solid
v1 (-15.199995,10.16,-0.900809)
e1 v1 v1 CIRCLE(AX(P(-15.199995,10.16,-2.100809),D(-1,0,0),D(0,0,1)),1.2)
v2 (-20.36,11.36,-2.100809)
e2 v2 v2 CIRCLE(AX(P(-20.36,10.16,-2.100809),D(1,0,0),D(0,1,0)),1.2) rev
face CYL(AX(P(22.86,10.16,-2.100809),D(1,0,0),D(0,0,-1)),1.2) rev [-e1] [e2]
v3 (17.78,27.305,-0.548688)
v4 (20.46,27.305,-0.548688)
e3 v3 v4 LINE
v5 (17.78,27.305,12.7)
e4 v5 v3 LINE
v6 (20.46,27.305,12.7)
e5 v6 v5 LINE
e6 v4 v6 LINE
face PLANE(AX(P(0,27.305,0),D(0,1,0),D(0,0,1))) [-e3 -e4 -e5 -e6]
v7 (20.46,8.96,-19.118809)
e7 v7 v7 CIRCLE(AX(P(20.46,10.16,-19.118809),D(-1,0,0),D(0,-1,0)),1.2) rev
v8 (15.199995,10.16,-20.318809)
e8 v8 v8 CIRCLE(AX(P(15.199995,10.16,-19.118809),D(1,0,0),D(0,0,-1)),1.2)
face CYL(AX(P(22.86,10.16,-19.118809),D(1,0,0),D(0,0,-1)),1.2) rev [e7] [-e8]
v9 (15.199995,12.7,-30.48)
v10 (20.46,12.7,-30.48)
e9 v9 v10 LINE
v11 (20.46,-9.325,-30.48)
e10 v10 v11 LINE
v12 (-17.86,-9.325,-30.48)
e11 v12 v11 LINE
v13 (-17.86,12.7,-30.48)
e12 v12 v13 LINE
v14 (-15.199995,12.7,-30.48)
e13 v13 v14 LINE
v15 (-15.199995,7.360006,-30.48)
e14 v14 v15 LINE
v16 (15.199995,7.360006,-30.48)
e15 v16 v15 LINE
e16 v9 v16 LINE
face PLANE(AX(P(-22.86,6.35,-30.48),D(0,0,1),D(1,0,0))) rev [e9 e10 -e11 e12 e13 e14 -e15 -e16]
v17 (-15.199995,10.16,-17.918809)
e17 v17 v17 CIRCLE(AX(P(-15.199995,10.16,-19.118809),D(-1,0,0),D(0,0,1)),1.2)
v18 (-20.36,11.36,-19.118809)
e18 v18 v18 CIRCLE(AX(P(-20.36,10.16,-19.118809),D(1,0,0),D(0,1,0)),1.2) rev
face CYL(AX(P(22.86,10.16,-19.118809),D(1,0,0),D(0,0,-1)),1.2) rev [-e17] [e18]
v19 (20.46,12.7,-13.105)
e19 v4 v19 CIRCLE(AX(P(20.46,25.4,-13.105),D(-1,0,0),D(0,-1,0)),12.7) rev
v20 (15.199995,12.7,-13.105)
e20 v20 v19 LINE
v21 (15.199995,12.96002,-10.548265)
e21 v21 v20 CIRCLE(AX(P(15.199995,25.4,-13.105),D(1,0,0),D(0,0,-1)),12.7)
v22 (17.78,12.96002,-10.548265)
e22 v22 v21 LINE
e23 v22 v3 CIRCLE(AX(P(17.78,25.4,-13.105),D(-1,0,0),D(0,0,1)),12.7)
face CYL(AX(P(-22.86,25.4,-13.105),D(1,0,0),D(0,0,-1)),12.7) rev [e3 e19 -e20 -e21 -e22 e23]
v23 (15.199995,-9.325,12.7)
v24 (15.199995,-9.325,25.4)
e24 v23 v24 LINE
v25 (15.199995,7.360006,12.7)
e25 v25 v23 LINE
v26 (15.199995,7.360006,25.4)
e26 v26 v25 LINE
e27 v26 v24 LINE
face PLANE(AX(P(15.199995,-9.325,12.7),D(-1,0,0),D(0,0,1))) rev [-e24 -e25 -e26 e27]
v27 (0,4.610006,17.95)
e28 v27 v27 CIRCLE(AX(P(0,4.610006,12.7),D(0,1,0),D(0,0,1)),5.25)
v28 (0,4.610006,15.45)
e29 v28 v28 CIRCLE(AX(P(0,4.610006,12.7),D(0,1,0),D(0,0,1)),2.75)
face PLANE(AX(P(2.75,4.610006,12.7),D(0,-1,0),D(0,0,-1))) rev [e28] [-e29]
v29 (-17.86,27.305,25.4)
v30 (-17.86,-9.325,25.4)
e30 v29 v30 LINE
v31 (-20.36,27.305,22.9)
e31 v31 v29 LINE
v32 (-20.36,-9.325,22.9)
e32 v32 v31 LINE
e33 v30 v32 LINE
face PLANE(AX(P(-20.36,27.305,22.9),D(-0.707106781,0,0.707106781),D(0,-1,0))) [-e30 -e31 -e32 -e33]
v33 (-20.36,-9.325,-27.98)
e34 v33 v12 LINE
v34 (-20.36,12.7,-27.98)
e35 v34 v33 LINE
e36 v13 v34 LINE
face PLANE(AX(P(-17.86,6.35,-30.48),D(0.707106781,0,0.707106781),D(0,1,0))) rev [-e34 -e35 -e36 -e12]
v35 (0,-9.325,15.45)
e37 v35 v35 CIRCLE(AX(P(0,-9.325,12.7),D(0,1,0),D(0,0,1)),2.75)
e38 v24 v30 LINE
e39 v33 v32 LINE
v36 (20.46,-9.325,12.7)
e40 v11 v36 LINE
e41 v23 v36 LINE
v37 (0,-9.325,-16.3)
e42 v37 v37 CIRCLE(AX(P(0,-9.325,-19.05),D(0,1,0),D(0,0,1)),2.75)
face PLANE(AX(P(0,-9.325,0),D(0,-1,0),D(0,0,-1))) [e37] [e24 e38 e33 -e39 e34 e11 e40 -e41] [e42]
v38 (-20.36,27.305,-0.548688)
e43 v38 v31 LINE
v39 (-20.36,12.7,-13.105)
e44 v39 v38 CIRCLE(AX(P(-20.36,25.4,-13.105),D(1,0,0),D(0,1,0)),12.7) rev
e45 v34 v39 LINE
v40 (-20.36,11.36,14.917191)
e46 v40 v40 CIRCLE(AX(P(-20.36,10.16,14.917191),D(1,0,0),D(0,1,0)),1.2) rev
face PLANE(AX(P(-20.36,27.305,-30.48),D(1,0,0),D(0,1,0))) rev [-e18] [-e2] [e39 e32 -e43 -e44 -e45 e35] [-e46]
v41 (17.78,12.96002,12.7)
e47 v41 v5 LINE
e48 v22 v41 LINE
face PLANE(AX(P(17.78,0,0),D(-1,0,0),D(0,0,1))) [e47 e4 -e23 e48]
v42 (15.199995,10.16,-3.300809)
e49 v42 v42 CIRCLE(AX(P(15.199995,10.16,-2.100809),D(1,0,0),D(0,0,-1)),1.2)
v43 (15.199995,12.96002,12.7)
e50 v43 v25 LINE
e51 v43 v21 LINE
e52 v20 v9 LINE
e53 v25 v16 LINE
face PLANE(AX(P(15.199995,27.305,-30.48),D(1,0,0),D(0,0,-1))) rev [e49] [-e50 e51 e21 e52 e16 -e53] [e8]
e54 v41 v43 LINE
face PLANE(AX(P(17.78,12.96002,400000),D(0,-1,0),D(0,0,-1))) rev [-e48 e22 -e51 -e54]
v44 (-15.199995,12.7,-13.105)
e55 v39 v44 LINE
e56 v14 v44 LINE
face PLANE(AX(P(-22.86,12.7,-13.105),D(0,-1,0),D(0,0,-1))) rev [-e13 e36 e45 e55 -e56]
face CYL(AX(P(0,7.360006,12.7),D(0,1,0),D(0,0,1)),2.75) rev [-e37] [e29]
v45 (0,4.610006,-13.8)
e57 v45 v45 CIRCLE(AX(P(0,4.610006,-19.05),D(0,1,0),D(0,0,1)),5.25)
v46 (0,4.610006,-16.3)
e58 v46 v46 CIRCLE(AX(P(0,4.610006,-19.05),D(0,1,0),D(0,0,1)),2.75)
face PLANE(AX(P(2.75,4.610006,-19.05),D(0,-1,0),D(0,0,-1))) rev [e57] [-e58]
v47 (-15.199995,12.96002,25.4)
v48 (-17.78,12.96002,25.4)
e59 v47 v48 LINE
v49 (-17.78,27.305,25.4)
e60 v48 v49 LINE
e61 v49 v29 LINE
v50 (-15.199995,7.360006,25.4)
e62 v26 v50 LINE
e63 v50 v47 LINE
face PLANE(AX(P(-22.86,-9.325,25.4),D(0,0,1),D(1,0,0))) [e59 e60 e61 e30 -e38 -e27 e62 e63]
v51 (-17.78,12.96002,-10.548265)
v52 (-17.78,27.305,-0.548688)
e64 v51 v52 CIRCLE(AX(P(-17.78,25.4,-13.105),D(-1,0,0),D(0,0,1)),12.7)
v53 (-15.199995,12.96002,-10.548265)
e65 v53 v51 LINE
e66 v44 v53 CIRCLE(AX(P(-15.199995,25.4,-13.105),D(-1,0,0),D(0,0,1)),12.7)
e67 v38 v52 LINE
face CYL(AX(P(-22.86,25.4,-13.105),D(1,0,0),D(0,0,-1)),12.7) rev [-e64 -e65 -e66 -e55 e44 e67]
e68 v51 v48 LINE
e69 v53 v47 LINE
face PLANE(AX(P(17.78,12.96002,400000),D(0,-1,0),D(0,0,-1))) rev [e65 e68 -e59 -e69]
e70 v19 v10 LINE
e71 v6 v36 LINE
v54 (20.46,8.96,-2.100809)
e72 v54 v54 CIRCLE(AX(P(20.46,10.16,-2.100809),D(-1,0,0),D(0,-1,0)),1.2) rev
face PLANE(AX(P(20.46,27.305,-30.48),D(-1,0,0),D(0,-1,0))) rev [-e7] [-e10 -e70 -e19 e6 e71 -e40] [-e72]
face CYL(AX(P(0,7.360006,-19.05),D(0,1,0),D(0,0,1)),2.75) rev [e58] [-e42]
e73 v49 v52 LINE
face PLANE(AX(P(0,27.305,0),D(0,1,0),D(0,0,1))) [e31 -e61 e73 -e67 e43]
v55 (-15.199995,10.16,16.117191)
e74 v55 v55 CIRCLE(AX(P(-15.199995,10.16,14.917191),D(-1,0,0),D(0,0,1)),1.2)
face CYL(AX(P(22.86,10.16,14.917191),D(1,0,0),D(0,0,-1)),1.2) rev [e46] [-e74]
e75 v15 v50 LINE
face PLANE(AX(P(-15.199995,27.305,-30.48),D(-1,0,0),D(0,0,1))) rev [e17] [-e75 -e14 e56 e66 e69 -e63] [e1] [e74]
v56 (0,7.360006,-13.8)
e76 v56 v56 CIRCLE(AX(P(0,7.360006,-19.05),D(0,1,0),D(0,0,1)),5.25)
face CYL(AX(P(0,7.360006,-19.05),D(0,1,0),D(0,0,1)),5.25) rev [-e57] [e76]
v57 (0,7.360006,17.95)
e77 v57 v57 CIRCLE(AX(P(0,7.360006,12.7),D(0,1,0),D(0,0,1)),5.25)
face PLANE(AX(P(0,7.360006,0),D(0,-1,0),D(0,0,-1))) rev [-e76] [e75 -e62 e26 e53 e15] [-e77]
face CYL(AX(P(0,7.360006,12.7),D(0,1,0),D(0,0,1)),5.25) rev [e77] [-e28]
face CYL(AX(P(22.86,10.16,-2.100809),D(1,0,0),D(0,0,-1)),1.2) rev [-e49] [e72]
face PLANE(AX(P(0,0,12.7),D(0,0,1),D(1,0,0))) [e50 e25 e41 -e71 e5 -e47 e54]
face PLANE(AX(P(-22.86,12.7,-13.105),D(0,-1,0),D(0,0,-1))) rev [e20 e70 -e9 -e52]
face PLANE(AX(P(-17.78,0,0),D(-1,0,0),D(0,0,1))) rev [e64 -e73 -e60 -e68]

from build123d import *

# Parameters (mm, degrees)
SKETCH1_W                       = 45.72
SKETCH1_H                       = 60.96
BOSS_EXTRUDE1_DEPTH             = 6.35
SKETCH2_W                       = 7.6600046
SKETCH2_H                       = 60.96
BOSS_EXTRUDE2_DEPTH             = 20.955
LPATTERN1_COUNT                 = 3
LPATTERN1_PITCH                 = 17.018
SKETCH1_3_W                     = 45.72
SKETCH1_3_H                     = 60.96
BOSS_EXTRUDE3_DEPTH             = 2.54
CUT_EXTRUDE1_START              = 15.199995
SKETCH11_W                      = 60.96
SKETCH11_H                      = 14.3449802
CUT_EXTRUDE1_DEPTH              = 17.78
CUT_EXTRUDE2_DEPTH              = 62.358877312
SKETCH17_W                      = 45.72
SKETCH17_H                      = 60.96
BOSS_EXTRUDE4_DEPTH             = 6.785
SKETCH19_W                      = 30.3999908
SKETCH19_H                      = 60.96
BOSS_EXTRUDE5_DEPTH             = 1.0100056
CBORE_FOR_M5_SBHCS2_D           = 5.5
CBORE_FOR_M5_SBHCS2_CBORE_D     = 10.5
CBORE_FOR_M5_SBHCS2_CBORE_DEPTH = 2.75
CUT_EXTRUDE3_DEPTH              = 82.222264916
CUT_EXTRUDE3_DEPTH_BACK         = 82.222264916
SKETCH24_W                      = 5.08
SKETCH24_H                      = 45.72
SKETCH25_W                      = 7.6600046
SKETCH25_H                      = 36.63
CUT_EXTRUDE4_DEPTH              = 12.7
SKETCH26_W                      = 2.400000026
SKETCH26_H                      = 36.63
CUT_EXTRUDE5_DEPTH              = 67.262485805
SKETCH27_W                      = 2.5
SKETCH27_H                      = 36.63
CUT_EXTRUDE6_DEPTH              = 67.262485805
CHAMFER1_SIZE                   = 2.5


with BuildPart() as part:
    # Sketch1 → Boss-Extrude1 (new body)
    with BuildSketch(Plane(origin=(0, 0, 0), x_dir=(1, 0, 0), z_dir=(0, 1, 0))):
        Rectangle(SKETCH1_W, SKETCH1_H)
    extrude(amount=BOSS_EXTRUDE1_DEPTH)

    # Sketch2 → Boss-Extrude2 (add)
    with BuildSketch(Plane(origin=(0, 6.35, 0), x_dir=(1, 0, 0), z_dir=(0, 1, 0))):
        with Locations((-19.0299977, 0)):
            Rectangle(SKETCH2_W, SKETCH2_H)
        with Locations((19.0299977, 0)):
            Rectangle(SKETCH2_W, SKETCH2_H)
    extrude(amount=BOSS_EXTRUDE2_DEPTH)

    # Sketch7 → M2 Clearance Hole2 (revolve, cut)
    with BuildSketch(Plane(origin=(22.86, 10.16, 14.9171914), x_dir=(0, 0, -1), z_dir=(0, 1, 0))):
        Polygon((0, 0), (0, 46.441032743), (1.2, 45.72), (1.2, 0), align=None)
    m2_clearance_hole2 = revolve(axis=Axis((29.21, 10.16, 14.9171914), (-1, 0, 0)), mode=Mode.SUBTRACT)

    # LPattern1: M2 Clearance Hole2 ×3
    with Locations(*[(0, 0, -i * LPATTERN1_PITCH) for i in range(1, LPATTERN1_COUNT)]):
        add(m2_clearance_hole2, mode=Mode.SUBTRACT)

    # Sketch1<3> → Boss-Extrude3 (add)
    with BuildSketch(Plane(origin=(0, 0, 0), x_dir=(1, 0, 0), z_dir=(0, 1, 0))):
        Rectangle(SKETCH1_3_W, SKETCH1_3_H)
    extrude(amount=-BOSS_EXTRUDE3_DEPTH)

    # Sketch11 → Cut-Extrude1 (cut, symmetric)
    with BuildSketch(Plane.ZY.offset(-15.1999954).offset(CUT_EXTRUDE1_START)):
        with Locations((0, 20.1325099)):
            Rectangle(SKETCH11_W, SKETCH11_H)
    extrude(amount=CUT_EXTRUDE1_DEPTH, both=True, mode=Mode.SUBTRACT)

    # Sketch12 → Cut-Extrude2 (cut, through all)
    with BuildSketch(Plane(origin=(22.86, 0, 0), x_dir=(0, 0, -1), z_dir=(1, 0, 0))):
        with BuildLine():
            Line((13.105000048, 12.7), (30.48, 12.7))
            Line((30.48, 12.7), (30.48, 27.305))
            Line((30.48, 27.305), (25.661312206, 27.305))
            ThreePointArc((25.661312206, 27.305), (3.474748234, 33.679387055), (13.105000048, 12.7))
        make_face()
    extrude(amount=-CUT_EXTRUDE2_DEPTH, mode=Mode.SUBTRACT)

    # Sketch17 → Boss-Extrude4 (add)
    with BuildSketch(Plane.XZ.offset(2.54)):
        Rectangle(SKETCH17_W, SKETCH17_H)
    extrude(amount=BOSS_EXTRUDE4_DEPTH)

    # Sketch19 → Boss-Extrude5 (add)
    with BuildSketch(Plane(origin=(0, 6.35, 0), x_dir=(1, 0, 0), z_dir=(0, 1, 0))):
        Rectangle(SKETCH19_W, SKETCH19_H)
    extrude(amount=BOSS_EXTRUDE5_DEPTH)

    # CBORE for M5 SBHCS2 (through all)
    with Locations(Plane(origin=(0, 7.3600056, 0), x_dir=(1, 0, 0), z_dir=(0, 1, 0))):
        with Locations((0, -12.7), (0, 19.05)):
            CounterBoreHole(CBORE_FOR_M5_SBHCS2_D / 2, CBORE_FOR_M5_SBHCS2_CBORE_D / 2, CBORE_FOR_M5_SBHCS2_CBORE_DEPTH)

    # Sketch24 → Cut-Extrude3 (cut, two sides: drawn at the far end of the back side and taken through both)
    with BuildSketch(Plane(origin=(31.571183672, -12.7, -14.6188086), x_dir=(0, 0, -1), z_dir=(0, 1, 0)).offset(-CUT_EXTRUDE3_DEPTH_BACK)):
        with Locations((-42.5588086, 31.571183672)):
            Rectangle(SKETCH24_W, SKETCH24_H)
    extrude(amount=CUT_EXTRUDE3_DEPTH + CUT_EXTRUDE3_DEPTH_BACK, mode=Mode.SUBTRACT)

    # Sketch25 → Cut-Extrude4 (cut)
    with BuildSketch(Plane.XY.offset(25.4)):
        with Locations((19.0299977, 8.99)):
            Rectangle(SKETCH25_W, SKETCH25_H)
    extrude(amount=-CUT_EXTRUDE4_DEPTH, mode=Mode.SUBTRACT)

    # Sketch26 → Cut-Extrude5 (cut, through all)
    with BuildSketch(Plane.XY.offset(25.4)):
        with Locations((21.659999987, 8.99)):
            Rectangle(SKETCH26_W, SKETCH26_H)
    extrude(amount=-CUT_EXTRUDE5_DEPTH, mode=Mode.SUBTRACT)

    # Sketch27 → Cut-Extrude6 (cut, through all)
    with BuildSketch(Plane.XY.offset(25.4)):
        with Locations((-21.61, 8.99)):
            Rectangle(SKETCH27_W, SKETCH27_H)
    extrude(amount=-CUT_EXTRUDE6_DEPTH, mode=Mode.SUBTRACT)

    # Chamfer1
    chamfer1_edges = [part.edges().sort_by_distance(p)[0] for p in [
        (-20.36, 1.6875, -30.48),
        (-20.36, 8.99, 25.4),
    ]]
    chamfer(chamfer1_edges, length=CHAMFER1_SIZE)


solid = part.part
